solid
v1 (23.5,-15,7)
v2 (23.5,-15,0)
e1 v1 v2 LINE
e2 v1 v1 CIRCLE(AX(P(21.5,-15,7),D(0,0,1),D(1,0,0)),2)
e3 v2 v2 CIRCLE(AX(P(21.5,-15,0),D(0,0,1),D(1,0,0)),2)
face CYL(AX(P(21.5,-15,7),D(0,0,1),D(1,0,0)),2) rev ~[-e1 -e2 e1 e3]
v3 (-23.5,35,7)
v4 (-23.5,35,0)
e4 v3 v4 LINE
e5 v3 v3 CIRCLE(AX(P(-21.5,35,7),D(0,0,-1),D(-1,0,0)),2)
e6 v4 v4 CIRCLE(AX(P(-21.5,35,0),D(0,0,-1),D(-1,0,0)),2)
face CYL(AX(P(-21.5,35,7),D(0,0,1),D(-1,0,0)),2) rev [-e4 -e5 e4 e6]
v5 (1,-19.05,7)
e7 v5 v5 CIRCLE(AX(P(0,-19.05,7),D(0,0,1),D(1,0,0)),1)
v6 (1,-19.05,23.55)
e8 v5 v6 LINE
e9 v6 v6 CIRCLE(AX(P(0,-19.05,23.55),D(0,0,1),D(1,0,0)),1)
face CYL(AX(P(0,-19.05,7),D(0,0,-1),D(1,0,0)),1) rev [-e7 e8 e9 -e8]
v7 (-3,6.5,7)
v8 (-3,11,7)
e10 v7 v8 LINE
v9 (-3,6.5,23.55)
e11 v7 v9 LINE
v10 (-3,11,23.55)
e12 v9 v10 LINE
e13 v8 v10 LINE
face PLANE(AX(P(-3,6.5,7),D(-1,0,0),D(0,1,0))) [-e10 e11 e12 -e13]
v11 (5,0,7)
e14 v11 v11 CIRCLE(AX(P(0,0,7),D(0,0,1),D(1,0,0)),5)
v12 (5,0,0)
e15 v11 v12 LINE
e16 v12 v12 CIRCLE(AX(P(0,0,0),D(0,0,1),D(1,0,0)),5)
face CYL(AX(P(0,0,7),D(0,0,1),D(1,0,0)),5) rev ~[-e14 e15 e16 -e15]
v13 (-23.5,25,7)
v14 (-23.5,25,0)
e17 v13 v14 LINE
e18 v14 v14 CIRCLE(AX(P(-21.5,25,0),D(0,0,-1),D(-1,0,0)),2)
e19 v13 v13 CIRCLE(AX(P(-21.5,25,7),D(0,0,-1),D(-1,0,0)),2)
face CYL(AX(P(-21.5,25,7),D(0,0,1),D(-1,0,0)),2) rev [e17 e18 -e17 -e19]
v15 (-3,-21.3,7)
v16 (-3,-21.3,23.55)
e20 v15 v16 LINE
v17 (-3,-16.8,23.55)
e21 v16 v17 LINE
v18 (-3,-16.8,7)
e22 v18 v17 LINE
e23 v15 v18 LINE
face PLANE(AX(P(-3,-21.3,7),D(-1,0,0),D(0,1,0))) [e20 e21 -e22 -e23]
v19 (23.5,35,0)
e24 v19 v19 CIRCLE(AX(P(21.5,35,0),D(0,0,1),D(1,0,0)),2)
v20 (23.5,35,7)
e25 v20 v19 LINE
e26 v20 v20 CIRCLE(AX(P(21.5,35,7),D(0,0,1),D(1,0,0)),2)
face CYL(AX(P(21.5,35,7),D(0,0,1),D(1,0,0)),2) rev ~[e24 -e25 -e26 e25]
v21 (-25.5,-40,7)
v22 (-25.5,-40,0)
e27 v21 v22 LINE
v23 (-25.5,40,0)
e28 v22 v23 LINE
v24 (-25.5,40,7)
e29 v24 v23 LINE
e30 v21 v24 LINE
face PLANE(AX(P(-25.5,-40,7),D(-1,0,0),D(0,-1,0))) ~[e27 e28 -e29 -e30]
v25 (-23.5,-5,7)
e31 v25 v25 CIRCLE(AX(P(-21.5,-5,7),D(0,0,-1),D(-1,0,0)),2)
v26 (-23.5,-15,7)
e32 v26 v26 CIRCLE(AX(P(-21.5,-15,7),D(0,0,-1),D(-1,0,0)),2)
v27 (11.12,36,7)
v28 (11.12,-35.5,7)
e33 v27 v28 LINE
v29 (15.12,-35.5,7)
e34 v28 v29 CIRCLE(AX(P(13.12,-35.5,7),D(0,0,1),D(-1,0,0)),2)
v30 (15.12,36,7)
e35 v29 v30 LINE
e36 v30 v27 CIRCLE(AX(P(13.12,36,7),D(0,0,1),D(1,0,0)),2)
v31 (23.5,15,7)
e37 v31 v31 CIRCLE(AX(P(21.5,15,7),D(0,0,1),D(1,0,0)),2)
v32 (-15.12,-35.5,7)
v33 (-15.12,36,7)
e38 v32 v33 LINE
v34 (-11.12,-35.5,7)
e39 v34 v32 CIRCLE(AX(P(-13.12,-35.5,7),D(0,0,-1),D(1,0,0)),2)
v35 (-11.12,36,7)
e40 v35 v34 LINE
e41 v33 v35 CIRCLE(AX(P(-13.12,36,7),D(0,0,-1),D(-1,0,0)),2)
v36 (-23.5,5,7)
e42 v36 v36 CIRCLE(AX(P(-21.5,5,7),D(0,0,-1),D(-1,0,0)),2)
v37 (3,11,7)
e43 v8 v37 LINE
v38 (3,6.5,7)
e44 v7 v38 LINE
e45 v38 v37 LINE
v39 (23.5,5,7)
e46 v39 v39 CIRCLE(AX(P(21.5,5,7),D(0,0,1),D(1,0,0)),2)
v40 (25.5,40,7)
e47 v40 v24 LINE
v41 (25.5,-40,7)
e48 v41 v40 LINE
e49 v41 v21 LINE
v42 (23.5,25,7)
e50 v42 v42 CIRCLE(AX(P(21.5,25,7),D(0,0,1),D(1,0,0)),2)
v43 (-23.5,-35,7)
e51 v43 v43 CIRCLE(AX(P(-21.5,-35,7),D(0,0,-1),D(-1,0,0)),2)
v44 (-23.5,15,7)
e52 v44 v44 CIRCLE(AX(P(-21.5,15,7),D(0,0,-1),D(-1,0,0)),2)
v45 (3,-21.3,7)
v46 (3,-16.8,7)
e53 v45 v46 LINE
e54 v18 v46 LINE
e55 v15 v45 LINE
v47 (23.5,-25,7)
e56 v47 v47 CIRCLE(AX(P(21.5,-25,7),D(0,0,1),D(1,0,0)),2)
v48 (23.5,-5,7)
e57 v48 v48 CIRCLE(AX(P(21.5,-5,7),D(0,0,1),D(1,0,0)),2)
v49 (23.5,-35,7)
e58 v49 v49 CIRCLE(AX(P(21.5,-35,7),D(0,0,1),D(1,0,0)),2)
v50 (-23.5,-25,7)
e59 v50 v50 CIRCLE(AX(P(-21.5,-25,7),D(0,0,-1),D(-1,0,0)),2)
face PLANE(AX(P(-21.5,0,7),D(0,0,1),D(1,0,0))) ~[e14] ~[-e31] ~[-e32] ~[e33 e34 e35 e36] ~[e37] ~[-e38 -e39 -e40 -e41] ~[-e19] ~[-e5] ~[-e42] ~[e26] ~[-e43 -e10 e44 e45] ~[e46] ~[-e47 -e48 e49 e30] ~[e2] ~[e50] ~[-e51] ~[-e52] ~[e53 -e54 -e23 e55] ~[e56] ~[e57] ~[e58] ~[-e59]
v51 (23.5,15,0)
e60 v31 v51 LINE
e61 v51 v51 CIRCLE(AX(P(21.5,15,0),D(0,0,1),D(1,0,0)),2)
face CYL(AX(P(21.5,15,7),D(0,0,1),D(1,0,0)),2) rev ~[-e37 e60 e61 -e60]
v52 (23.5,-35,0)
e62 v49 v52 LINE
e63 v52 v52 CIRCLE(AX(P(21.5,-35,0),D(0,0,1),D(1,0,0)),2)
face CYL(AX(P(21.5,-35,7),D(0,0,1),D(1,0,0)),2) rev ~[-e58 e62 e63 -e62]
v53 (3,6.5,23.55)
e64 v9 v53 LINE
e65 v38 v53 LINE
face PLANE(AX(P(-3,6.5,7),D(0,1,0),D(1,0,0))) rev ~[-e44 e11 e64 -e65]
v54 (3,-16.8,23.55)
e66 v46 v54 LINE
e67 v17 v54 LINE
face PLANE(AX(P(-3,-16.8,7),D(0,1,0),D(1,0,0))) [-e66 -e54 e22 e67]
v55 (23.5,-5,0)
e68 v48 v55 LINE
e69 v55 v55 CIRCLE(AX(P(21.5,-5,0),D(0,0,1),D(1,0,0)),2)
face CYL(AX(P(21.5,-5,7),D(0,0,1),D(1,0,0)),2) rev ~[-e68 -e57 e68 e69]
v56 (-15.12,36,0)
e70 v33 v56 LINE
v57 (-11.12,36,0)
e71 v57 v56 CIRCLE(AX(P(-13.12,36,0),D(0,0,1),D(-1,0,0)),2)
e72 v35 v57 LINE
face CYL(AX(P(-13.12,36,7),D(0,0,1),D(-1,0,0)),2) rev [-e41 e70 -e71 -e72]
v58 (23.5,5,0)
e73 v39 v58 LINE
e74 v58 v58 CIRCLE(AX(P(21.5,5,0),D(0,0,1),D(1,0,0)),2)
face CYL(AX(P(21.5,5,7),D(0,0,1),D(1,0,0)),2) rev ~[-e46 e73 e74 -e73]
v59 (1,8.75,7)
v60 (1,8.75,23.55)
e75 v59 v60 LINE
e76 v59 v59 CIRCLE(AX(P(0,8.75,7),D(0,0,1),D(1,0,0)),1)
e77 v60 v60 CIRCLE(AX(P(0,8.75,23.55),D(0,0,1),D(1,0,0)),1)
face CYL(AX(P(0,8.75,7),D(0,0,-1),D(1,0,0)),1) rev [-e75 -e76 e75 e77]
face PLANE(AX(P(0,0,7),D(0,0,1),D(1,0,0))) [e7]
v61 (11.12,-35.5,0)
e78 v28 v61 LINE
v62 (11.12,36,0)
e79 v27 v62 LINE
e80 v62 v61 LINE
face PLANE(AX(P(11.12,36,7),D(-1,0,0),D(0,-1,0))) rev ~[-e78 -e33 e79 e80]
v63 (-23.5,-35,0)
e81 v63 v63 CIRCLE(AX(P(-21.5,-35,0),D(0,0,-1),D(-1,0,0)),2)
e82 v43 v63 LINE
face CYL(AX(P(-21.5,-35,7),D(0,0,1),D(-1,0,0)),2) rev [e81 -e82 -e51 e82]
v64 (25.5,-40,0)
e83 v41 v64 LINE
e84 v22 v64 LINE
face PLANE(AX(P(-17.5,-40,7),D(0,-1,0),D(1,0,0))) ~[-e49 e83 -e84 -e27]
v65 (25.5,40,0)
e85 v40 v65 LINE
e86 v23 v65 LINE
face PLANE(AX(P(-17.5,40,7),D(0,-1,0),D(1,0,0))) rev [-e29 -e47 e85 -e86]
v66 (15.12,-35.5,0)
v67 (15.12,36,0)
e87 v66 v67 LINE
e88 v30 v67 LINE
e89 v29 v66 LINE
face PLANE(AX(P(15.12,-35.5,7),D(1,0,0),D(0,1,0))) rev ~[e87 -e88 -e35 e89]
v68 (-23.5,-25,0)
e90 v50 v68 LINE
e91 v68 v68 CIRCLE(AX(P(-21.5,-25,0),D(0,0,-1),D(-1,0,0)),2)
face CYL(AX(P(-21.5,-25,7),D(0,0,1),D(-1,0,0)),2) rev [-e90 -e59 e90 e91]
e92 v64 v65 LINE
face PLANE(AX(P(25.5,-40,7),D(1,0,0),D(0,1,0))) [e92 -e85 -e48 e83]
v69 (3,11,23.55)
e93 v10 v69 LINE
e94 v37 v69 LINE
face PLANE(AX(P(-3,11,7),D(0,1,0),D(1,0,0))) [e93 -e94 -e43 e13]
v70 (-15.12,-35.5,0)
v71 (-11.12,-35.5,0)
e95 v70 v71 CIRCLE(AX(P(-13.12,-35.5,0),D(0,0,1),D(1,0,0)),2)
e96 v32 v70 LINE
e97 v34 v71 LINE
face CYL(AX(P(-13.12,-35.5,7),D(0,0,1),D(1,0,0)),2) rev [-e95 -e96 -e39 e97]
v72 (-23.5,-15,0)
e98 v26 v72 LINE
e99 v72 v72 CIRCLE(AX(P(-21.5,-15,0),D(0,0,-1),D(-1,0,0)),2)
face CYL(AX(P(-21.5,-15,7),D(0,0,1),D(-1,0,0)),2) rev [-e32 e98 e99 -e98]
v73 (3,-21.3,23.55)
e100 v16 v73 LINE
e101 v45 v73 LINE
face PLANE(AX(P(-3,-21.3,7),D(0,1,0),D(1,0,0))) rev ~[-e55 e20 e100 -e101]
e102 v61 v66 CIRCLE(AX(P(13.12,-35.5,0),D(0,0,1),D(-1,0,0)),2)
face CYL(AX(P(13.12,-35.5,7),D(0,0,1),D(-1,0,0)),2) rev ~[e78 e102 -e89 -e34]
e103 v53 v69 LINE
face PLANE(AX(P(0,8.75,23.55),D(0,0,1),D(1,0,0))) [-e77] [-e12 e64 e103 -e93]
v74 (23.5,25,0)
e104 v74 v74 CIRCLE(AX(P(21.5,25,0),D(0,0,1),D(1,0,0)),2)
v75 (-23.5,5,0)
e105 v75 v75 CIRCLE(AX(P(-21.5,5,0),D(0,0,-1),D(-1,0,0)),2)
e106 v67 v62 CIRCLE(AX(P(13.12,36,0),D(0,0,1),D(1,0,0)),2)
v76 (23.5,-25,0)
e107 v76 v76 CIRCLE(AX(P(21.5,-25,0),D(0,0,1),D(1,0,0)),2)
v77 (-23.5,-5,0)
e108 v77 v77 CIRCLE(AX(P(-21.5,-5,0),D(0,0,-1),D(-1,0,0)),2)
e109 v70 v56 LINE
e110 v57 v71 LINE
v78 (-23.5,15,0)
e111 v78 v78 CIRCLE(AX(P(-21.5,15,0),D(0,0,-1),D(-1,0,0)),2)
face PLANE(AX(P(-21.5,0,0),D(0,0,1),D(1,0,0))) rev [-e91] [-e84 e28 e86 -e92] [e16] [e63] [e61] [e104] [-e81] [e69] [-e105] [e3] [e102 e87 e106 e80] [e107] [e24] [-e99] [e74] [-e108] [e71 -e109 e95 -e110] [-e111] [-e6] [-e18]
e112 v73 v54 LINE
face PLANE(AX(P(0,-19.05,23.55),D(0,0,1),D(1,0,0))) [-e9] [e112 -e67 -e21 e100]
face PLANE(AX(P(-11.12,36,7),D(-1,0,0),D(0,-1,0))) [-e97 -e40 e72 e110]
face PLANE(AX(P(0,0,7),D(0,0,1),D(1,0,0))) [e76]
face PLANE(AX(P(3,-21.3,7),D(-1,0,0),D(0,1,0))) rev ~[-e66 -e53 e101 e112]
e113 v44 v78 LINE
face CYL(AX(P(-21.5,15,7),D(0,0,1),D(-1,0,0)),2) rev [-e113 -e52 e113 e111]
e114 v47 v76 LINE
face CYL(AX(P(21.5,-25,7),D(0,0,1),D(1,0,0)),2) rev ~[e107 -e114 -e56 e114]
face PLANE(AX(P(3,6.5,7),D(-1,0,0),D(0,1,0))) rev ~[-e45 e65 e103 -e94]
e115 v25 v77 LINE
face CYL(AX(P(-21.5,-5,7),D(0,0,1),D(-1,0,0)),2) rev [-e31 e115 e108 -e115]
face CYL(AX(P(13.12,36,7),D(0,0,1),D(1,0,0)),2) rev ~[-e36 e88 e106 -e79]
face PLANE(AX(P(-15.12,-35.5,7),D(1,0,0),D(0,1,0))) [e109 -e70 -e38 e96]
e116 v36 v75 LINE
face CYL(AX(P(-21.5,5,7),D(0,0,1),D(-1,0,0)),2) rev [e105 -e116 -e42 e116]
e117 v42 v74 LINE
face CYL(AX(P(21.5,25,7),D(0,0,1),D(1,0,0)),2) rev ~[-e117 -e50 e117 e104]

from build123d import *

# Parameters (mm, degrees)
SKETCH1_W           = 35
SKETCH1_H           = 80
BOSS_EXTRUDE1_DEPTH = 7
SKETCH2_W           = 6
SKETCH2_H           = 4.5
SKETCH2_R           = 1
BOSS_EXTRUDE2_DEPTH = 16.55
SKETCH3_R           = 5
CUT_EXTRUDE1_DEPTH  = 7
CUT_EXTRUDE2_DEPTH  = 15
SKETCH5_W           = 8
SKETCH5_H           = 80
SKETCH5_R           = 2
BOSS_EXTRUDE3_DEPTH = 7


with BuildPart() as part:
    # Sketch1 → Boss-Extrude1 (new body)
    with BuildSketch(Plane.XY):
        Rectangle(SKETCH1_W, SKETCH1_H)
    extrude(amount=BOSS_EXTRUDE1_DEPTH)

    # Sketch2 → Boss-Extrude2 (add)
    with BuildSketch(Plane.XY.offset(7)):
        with Locations((0, 8.75)):
            Rectangle(SKETCH2_W, SKETCH2_H)
        with Locations((0, 8.75)):
            Circle(SKETCH2_R, mode=Mode.SUBTRACT)
        with Locations((0, -19.05)):
            Rectangle(SKETCH2_W, SKETCH2_H)
        with Locations((0, -19.05)):
            Circle(SKETCH2_R, mode=Mode.SUBTRACT)
    extrude(amount=BOSS_EXTRUDE2_DEPTH)

    # Sketch3 → Cut-Extrude1 (cut)
    with BuildSketch(Plane.XY.offset(7)):
        Circle(SKETCH3_R)
    extrude(amount=-CUT_EXTRUDE1_DEPTH, mode=Mode.SUBTRACT)

    # Sketch4 → Cut-Extrude2 (cut)
    with BuildSketch(Plane.XY.offset(7)):
        with BuildLine():
            Line((-11.12, 36), (-11.12, -35.5))
            ThreePointArc((-11.12, -35.5), (-13.12, -37.5), (-15.12, -35.5))
            Line((-15.12, -35.5), (-15.12, 36))
            ThreePointArc((-15.12, 36), (-13.12, 38), (-11.12, 36))
        make_face()
        with BuildLine():
            Line((11.12, 36), (11.12, -35.5))
            ThreePointArc((11.12, -35.5), (13.12, -37.5), (15.12, -35.5))
            Line((15.12, -35.5), (15.12, 36))
            ThreePointArc((15.12, 36), (13.12, 38), (11.12, 36))
        make_face()
    extrude(amount=-CUT_EXTRUDE2_DEPTH, mode=Mode.SUBTRACT)

    # Sketch5 → Boss-Extrude3 (add)
    with BuildSketch(Plane.XY.offset(7)):
        with Locations((21.5, 0)):
            Rectangle(SKETCH5_W, SKETCH5_H)
        with Locations((21.5, 35)):
            Circle(SKETCH5_R, mode=Mode.SUBTRACT)
        with Locations((21.5, 25)):
            Circle(SKETCH5_R, mode=Mode.SUBTRACT)
        with Locations((21.5, 15)):
            Circle(SKETCH5_R, mode=Mode.SUBTRACT)
        with Locations((21.5, 5)):
            Circle(SKETCH5_R, mode=Mode.SUBTRACT)
        with Locations((21.5, -5)):
            Circle(SKETCH5_R, mode=Mode.SUBTRACT)
        with Locations((21.5, -15)):
            Circle(SKETCH5_R, mode=Mode.SUBTRACT)
        with Locations((21.5, -25)):
            Circle(SKETCH5_R, mode=Mode.SUBTRACT)
        with Locations((21.5, -35)):
            Circle(SKETCH5_R, mode=Mode.SUBTRACT)
    boss_extrude3 = extrude(amount=-BOSS_EXTRUDE3_DEPTH)

    # Mirror1: Boss-Extrude3 across plane
    add(boss_extrude3.mirror(Plane(origin=(0, 0, 0), x_dir=(0, 0, 1), z_dir=(1, 0, 0))))


solid = part.part
